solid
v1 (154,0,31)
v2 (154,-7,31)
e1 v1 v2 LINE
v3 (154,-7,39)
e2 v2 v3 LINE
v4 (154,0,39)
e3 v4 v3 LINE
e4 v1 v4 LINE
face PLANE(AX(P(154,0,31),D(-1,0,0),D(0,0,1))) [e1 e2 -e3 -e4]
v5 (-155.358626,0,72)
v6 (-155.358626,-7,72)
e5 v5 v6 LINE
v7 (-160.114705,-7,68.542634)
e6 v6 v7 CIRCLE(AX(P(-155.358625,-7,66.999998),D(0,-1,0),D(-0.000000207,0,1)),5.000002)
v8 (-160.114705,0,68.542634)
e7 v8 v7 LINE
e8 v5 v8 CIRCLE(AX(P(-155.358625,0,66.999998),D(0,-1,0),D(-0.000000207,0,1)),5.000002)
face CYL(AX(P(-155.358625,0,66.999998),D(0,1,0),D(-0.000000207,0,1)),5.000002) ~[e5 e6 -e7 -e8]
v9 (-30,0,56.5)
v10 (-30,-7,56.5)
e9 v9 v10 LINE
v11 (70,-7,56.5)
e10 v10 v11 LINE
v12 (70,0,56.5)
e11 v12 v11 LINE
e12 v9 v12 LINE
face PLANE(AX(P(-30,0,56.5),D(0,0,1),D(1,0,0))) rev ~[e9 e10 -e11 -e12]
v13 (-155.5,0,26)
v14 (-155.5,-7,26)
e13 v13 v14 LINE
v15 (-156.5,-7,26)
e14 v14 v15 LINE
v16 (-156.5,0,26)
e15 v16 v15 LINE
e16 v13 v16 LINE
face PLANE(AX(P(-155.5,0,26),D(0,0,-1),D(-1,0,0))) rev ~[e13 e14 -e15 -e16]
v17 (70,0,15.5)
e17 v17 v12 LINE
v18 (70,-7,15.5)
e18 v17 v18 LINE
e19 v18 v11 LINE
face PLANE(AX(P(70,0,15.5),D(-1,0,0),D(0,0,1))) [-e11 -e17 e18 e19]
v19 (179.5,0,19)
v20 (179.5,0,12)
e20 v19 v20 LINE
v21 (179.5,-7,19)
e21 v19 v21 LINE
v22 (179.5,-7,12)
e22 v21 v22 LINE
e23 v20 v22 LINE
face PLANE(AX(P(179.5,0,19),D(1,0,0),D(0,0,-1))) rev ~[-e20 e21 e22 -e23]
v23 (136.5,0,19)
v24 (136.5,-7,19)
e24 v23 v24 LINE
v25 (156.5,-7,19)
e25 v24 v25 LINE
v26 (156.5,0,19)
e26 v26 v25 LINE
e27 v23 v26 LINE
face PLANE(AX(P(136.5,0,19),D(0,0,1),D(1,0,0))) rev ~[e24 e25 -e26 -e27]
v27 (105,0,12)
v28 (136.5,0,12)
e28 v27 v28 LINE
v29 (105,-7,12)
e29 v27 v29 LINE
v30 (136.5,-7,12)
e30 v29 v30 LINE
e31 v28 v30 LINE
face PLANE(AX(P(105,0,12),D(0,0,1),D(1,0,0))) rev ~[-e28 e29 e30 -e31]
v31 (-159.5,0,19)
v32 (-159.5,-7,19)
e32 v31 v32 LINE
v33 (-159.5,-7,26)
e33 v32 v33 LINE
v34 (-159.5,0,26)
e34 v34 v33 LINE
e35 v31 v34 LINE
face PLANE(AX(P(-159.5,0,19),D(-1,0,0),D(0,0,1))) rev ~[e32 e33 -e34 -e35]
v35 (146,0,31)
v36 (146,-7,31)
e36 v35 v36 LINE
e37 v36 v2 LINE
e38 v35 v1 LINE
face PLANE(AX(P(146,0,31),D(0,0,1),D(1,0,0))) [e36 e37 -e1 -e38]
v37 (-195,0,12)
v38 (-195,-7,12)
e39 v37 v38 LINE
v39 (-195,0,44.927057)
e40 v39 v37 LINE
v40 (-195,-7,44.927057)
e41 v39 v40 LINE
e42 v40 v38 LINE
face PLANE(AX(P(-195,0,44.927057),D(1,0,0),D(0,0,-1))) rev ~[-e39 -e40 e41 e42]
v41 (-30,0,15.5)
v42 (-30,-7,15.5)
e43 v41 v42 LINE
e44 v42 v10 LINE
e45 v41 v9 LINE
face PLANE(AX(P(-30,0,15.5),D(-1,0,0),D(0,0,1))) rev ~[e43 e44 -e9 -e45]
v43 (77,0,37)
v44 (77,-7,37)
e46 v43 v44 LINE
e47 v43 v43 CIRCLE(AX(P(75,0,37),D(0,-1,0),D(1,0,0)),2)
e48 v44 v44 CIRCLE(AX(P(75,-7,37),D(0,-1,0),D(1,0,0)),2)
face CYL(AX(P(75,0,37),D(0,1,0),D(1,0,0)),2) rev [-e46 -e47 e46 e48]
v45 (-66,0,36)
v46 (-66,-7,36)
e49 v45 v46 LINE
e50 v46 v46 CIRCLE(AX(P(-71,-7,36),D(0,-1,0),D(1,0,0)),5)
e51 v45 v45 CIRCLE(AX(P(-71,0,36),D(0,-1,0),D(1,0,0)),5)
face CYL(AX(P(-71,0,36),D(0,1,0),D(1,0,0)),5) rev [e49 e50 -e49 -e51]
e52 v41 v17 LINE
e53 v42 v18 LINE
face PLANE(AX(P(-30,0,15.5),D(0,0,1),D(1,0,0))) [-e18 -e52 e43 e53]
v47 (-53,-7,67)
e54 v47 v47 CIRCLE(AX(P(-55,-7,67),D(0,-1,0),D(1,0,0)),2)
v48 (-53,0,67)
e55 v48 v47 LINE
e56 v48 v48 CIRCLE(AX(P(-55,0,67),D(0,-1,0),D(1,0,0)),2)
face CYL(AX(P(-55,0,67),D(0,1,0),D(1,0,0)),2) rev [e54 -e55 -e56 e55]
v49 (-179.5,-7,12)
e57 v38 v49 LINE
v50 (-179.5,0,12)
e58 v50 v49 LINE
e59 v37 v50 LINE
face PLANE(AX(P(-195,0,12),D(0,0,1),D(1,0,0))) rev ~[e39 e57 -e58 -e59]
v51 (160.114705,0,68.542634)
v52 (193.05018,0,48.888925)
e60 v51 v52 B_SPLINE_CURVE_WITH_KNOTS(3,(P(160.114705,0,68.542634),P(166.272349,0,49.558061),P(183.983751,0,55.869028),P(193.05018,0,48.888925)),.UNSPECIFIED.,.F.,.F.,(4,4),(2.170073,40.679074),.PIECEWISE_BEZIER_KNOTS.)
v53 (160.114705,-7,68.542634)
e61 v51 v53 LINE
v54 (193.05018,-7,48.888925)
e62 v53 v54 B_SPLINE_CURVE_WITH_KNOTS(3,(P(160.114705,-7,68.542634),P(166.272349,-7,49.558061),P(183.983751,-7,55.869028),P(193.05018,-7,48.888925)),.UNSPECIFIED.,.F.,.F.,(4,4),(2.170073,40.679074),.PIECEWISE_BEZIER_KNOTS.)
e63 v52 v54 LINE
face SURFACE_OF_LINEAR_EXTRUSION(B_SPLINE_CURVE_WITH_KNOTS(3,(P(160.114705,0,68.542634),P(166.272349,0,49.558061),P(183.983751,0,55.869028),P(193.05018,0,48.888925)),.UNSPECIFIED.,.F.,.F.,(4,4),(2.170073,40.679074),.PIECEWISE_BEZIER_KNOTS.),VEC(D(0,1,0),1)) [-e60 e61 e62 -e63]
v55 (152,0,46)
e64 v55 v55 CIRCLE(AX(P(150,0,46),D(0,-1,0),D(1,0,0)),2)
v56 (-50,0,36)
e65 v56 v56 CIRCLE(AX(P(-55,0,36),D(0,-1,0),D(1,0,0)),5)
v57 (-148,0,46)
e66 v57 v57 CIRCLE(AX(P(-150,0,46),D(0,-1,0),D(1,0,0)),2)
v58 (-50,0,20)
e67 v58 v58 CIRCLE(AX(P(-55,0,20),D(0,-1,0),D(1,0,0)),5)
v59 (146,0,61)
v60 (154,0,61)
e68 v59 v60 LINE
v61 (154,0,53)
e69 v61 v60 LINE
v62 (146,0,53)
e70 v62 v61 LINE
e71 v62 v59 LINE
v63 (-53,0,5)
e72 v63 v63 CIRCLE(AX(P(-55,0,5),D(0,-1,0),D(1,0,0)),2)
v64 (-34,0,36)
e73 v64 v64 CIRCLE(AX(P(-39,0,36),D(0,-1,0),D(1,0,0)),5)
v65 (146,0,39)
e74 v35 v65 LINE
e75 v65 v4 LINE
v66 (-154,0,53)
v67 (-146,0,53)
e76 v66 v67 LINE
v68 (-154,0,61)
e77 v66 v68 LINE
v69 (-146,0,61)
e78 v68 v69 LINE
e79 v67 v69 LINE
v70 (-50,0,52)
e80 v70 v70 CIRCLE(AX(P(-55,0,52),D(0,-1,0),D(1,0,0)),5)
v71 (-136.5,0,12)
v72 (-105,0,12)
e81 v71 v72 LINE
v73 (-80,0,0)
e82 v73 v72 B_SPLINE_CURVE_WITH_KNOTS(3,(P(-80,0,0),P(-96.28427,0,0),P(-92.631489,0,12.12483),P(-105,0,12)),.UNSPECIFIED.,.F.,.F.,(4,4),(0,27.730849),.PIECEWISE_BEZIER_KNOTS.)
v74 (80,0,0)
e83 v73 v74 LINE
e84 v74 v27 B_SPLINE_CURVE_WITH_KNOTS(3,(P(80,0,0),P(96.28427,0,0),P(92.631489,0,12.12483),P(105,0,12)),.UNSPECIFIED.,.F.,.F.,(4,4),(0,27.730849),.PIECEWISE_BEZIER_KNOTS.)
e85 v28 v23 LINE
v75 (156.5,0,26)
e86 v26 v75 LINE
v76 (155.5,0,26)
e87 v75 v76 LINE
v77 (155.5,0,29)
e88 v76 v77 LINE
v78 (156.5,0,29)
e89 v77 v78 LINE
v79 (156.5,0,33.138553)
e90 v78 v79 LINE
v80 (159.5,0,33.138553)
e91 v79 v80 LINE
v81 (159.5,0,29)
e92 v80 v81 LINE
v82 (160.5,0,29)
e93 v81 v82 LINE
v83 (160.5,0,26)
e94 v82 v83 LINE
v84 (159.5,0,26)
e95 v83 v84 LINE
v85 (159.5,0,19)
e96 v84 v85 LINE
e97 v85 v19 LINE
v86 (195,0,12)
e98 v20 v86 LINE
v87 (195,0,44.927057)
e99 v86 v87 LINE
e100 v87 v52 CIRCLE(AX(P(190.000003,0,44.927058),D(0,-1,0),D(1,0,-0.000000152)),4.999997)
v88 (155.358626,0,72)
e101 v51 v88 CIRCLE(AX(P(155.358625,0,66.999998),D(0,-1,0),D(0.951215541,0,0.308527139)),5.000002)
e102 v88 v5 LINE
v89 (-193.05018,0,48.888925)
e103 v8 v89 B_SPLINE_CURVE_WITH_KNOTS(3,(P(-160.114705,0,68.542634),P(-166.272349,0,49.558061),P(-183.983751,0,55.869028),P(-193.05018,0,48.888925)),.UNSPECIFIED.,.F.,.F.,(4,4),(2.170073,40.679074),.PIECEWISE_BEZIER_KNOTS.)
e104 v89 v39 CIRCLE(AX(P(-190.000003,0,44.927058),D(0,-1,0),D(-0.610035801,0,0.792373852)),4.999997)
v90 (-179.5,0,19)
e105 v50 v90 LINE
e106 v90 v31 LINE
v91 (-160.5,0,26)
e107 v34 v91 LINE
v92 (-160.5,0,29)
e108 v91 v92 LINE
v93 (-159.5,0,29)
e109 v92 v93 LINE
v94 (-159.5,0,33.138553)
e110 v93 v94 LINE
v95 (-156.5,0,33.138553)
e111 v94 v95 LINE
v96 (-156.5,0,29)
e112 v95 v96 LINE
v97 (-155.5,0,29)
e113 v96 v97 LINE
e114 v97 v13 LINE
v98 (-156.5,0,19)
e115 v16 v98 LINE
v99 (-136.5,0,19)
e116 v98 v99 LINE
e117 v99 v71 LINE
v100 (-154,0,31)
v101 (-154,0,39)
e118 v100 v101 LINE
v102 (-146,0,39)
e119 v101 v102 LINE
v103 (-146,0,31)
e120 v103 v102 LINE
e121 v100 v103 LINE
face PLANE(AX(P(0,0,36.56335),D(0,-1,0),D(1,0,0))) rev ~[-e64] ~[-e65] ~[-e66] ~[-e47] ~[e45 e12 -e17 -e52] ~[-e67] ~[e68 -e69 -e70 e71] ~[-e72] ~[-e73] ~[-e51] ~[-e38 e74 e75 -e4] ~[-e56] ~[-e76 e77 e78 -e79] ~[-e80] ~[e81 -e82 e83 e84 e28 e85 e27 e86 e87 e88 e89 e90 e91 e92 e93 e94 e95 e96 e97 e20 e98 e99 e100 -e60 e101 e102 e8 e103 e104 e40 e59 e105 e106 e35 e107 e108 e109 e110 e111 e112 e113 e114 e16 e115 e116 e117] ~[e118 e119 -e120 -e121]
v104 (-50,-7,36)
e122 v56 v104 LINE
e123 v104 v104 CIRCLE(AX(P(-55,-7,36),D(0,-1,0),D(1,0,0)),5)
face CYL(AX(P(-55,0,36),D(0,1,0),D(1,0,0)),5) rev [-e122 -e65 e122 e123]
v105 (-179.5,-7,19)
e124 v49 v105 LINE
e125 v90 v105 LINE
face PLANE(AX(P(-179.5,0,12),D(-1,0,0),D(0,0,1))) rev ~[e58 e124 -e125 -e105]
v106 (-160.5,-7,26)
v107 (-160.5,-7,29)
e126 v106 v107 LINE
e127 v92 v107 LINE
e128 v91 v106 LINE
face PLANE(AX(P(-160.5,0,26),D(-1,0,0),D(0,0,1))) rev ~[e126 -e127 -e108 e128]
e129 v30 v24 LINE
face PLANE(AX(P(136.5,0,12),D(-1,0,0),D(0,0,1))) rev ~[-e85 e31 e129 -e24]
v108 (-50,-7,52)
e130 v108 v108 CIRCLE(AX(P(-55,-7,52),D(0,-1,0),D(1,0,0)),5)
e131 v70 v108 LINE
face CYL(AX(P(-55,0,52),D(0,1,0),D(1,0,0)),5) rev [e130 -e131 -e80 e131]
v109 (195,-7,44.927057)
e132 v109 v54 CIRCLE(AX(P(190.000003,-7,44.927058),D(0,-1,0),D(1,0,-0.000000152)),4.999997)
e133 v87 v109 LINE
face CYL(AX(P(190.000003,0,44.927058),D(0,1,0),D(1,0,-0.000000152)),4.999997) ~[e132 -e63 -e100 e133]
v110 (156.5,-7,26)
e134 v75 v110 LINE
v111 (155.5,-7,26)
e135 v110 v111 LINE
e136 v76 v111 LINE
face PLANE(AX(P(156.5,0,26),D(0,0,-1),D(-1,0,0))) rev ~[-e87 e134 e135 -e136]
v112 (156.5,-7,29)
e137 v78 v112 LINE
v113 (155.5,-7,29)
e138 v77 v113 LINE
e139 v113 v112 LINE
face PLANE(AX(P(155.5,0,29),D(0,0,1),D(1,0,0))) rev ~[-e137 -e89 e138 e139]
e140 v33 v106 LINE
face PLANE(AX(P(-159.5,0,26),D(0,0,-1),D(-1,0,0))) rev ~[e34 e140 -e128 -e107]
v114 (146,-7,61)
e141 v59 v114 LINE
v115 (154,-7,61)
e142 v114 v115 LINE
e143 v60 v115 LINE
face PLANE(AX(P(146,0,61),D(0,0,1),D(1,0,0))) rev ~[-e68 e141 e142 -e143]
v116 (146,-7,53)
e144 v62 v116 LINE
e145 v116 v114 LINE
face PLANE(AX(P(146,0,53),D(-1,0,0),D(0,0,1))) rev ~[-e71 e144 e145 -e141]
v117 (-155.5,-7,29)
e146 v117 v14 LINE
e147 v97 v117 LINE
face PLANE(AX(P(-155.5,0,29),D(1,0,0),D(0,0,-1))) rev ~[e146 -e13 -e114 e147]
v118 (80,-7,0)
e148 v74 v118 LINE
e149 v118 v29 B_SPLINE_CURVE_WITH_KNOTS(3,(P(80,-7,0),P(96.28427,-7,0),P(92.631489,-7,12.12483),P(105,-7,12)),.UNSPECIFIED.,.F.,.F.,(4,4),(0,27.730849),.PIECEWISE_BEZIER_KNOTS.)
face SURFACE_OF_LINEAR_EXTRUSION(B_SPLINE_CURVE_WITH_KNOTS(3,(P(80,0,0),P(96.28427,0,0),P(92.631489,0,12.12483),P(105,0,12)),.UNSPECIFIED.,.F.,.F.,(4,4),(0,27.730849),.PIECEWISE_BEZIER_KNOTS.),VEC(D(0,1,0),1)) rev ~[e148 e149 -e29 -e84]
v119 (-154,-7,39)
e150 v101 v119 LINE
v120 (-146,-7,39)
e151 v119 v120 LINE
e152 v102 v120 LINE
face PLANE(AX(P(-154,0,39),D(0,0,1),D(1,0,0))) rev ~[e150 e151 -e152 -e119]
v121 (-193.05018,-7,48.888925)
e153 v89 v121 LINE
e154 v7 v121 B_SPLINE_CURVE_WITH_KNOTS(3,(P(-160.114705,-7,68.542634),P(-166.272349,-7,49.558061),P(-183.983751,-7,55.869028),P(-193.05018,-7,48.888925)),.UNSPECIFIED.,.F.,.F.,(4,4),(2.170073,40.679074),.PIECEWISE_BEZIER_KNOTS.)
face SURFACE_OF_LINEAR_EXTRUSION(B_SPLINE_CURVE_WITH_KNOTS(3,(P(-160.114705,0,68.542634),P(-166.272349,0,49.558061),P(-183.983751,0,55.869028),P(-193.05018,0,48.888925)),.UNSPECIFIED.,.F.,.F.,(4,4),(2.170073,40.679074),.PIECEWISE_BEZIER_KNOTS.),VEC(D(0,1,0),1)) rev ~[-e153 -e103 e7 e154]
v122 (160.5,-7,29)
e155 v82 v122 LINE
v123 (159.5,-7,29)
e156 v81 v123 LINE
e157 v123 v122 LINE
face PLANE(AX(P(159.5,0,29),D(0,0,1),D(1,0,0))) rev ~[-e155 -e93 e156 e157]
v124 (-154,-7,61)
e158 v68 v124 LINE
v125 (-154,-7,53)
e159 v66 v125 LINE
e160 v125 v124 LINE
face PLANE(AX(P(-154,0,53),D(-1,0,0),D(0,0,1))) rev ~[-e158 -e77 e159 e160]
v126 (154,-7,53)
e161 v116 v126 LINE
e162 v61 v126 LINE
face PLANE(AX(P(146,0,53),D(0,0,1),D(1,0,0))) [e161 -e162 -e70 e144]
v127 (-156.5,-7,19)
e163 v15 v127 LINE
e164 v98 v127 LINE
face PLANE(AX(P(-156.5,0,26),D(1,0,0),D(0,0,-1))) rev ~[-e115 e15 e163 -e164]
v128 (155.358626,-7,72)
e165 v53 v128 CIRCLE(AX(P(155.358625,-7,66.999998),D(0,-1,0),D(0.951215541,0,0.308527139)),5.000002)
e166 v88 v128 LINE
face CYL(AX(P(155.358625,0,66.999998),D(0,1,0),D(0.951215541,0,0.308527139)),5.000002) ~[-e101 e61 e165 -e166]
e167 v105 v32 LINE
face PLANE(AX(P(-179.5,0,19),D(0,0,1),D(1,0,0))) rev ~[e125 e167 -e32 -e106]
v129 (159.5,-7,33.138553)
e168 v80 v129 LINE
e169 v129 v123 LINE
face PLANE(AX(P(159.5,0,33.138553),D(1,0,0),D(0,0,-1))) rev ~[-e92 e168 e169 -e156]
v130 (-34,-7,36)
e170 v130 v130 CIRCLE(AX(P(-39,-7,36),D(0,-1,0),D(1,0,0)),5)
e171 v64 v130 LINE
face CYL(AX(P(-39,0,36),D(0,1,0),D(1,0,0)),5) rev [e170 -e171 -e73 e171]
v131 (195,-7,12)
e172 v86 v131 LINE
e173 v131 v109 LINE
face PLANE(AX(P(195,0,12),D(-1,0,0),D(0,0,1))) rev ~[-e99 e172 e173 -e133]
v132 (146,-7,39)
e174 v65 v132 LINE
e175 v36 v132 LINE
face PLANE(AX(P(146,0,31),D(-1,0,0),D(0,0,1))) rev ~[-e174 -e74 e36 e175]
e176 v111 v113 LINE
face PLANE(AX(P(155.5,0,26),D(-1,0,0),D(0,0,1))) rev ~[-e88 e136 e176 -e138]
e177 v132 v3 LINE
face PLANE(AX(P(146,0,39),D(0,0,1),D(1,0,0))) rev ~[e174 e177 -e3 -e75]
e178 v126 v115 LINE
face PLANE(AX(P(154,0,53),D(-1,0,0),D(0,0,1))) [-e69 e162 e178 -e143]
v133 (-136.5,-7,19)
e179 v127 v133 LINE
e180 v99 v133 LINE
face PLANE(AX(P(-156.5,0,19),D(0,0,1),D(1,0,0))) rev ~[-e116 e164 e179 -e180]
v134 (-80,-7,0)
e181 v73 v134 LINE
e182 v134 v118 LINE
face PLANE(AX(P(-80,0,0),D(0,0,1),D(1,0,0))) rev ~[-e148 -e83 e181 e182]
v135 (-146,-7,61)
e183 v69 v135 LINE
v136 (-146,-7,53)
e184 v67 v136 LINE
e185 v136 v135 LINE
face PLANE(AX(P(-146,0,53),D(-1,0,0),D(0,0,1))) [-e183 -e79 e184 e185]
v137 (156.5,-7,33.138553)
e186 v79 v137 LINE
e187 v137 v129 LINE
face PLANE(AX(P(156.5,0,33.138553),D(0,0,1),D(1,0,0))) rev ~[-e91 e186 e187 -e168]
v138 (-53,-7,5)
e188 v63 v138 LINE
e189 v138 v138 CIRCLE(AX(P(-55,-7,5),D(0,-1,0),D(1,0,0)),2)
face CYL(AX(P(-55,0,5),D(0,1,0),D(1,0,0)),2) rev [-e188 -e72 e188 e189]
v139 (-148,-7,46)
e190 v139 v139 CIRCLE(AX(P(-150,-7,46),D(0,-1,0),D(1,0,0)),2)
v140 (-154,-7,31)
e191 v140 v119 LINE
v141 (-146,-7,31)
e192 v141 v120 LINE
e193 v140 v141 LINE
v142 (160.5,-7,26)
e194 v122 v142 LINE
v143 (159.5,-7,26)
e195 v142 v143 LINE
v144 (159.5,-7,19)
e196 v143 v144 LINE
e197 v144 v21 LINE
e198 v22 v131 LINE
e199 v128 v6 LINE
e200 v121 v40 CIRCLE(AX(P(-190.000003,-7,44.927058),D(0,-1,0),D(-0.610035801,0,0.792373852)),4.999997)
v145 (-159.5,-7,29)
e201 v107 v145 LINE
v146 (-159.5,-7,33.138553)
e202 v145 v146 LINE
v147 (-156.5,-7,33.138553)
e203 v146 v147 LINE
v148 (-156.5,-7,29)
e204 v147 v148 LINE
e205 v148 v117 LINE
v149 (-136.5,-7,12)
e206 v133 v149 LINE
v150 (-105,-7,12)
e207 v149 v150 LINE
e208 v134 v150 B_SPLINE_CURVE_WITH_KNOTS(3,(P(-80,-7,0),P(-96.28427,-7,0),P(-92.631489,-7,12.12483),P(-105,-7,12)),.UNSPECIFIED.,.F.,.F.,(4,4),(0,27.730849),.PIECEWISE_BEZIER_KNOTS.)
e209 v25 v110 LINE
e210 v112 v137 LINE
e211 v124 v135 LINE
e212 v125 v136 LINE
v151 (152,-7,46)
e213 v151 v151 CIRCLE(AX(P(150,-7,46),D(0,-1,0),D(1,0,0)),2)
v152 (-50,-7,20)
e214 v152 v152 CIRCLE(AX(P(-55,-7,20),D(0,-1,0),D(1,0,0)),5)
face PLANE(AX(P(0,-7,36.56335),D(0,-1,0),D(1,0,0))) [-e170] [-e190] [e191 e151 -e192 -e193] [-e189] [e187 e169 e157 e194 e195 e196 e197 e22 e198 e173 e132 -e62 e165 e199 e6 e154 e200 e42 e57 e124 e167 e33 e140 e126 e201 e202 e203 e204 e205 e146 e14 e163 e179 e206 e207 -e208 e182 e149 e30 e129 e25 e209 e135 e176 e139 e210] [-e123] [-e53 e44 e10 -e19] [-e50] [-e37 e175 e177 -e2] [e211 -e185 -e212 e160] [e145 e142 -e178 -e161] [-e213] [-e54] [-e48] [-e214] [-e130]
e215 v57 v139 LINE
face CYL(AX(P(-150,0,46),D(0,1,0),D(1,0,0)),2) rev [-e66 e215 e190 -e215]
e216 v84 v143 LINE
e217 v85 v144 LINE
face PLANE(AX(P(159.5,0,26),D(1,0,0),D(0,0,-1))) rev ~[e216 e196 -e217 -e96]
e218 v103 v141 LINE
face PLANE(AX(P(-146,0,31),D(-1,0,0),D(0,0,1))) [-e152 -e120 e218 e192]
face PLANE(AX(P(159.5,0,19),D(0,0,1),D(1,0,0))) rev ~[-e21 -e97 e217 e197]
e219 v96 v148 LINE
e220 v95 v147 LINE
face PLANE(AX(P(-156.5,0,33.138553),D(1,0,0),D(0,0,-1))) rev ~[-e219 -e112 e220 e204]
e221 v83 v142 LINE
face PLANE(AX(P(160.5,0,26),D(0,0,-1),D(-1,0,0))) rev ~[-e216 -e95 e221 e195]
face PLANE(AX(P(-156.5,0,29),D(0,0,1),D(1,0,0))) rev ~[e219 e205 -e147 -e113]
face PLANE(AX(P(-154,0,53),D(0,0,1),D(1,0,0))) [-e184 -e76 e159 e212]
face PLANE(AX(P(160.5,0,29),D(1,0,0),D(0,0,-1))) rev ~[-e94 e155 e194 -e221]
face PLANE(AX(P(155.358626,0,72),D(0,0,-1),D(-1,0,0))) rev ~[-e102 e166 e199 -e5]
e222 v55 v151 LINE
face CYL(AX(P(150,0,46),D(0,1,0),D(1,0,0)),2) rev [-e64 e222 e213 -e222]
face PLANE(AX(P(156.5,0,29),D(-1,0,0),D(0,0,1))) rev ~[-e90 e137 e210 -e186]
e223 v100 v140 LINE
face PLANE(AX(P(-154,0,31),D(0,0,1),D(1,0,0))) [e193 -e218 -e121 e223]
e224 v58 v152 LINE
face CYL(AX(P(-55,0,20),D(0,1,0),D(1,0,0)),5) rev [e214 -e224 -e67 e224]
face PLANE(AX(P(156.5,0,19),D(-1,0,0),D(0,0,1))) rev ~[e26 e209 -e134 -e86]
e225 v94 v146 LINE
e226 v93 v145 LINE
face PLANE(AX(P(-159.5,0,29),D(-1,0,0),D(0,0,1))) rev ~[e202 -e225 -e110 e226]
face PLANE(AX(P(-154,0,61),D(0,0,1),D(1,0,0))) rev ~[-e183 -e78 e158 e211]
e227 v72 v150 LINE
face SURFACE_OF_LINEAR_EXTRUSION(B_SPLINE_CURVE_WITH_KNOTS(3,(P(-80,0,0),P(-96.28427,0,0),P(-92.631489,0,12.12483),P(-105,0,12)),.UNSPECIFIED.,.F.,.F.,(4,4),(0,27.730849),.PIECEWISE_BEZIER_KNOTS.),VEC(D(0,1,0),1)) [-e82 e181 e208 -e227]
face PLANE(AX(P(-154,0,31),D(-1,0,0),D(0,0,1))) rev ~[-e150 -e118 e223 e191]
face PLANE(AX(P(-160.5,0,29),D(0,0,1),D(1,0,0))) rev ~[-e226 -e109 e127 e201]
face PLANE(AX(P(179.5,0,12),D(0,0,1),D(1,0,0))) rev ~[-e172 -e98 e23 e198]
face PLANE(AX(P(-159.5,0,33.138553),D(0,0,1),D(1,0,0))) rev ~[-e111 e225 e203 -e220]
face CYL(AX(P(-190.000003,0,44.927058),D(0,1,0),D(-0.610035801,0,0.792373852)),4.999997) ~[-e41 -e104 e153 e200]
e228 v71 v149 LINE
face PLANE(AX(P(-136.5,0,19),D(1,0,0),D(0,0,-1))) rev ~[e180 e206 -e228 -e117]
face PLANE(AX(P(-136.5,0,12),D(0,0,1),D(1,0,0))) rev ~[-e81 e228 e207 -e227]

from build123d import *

# Parameters (mm, degrees)
F0_R     = 2
F0_W     = 8
F0_H     = 8
F0_R_2   = 5
F0_W_2   = 100
F0_H_2   = 41
F1_DEPTH = 7


with BuildPart() as f1:
    # F0 (on Front) → F1 (new body)
    with BuildSketch(Plane.XZ):
        with BuildLine():
            Line((-80, 0), (0, 0))
            Line((0, 0), (80, 0))
            add(Edge.make_bspline(
                [(80, 0), (96.28427, 0), (92.631489, 12.12483), (105, 12)],
                knots=[0, 0, 0, 0, 27.730849, 27.730849, 27.730849, 27.730849], degree=3))
            Line((105, 12), (136.5, 12))
            Line((136.5, 12), (136.5, 19))
            Line((136.5, 19), (156.5, 19))
            Line((156.5, 19), (156.5, 26))
            Line((156.5, 26), (155.5, 26))
            Line((155.5, 26), (155.5, 29))
            Line((155.5, 29), (156.5, 29))
            Line((156.5, 29), (156.5, 33.138553))
            Line((156.5, 33.138553), (158, 33.138553))
            Line((158, 33.138553), (159.5, 33.138553))
            Line((159.5, 33.138553), (159.5, 29))
            Line((159.5, 29), (160.5, 29))
            Line((160.5, 29), (160.5, 26))
            Line((160.5, 26), (159.5, 26))
            Line((159.5, 26), (159.5, 19))
            Line((159.5, 19), (179.5, 19))
            Line((179.5, 19), (179.5, 12))
            Line((179.5, 12), (195, 12))
            Line((195, 12), (195, 44.927057))
            ThreePointArc((195, 44.927057), (194.48614, 47.134895), (193.05018, 48.888925))
            add(Edge.make_bspline(
                [(160.114705, 68.542634), (166.272349, 49.558061), (183.983751, 55.869028), (193.05018, 48.888925)],
                knots=[2.170073, 2.170073, 2.170073, 2.170073, 40.679074, 40.679074, 40.679074, 40.679074], degree=3))
            ThreePointArc((160.114705, 68.542634), (158.298595, 71.044327), (155.358626, 72))
            Line((155.358626, 72), (0, 72))
            Line((0, 72), (-155.358626, 72))
            ThreePointArc((-155.358626, 72), (-158.298595, 71.044327), (-160.114705, 68.542634))
            add(Edge.make_bspline(
                [(-160.114705, 68.542634), (-166.272349, 49.558061), (-183.983751, 55.869028), (-193.05018, 48.888925)],
                knots=[2.170073, 2.170073, 2.170073, 2.170073, 40.679074, 40.679074, 40.679074, 40.679074], degree=3))
            ThreePointArc((-193.05018, 48.888925), (-194.48614, 47.134895), (-195, 44.927057))
            Line((-195, 44.927057), (-195, 12))
            Line((-195, 12), (-179.5, 12))
            Line((-179.5, 12), (-179.5, 19))
            Line((-179.5, 19), (-159.5, 19))
            Line((-159.5, 19), (-159.5, 26))
            Line((-159.5, 26), (-160.5, 26))
            Line((-160.5, 26), (-160.5, 29))
            Line((-160.5, 29), (-159.5, 29))
            Line((-159.5, 29), (-159.5, 33.138553))
            Line((-159.5, 33.138553), (-158, 33.138553))
            Line((-158, 33.138553), (-156.5, 33.138553))
            Line((-156.5, 33.138553), (-156.5, 29))
            Line((-156.5, 29), (-155.5, 29))
            Line((-155.5, 29), (-155.5, 26))
            Line((-155.5, 26), (-156.5, 26))
            Line((-156.5, 26), (-156.5, 19))
            Line((-156.5, 19), (-136.5, 19))
            Line((-136.5, 19), (-136.5, 12))
            Line((-136.5, 12), (-105, 12))
            add(Edge.make_bspline(
                [(-80, 0), (-96.28427, 0), (-92.631489, 12.12483), (-105, 12)],
                knots=[0, 0, 0, 0, 27.730849, 27.730849, 27.730849, 27.730849], degree=3))
        make_face()
        with Locations((-55, 5)):
            Circle(F0_R, mode=Mode.SUBTRACT)
        with Locations((-150, 35)):
            Rectangle(F0_W, F0_H, mode=Mode.SUBTRACT)
        with Locations((-55, 20)):
            Circle(F0_R_2, mode=Mode.SUBTRACT)
        with Locations((150, 35)):
            Rectangle(F0_W, F0_H, mode=Mode.SUBTRACT)
        with Locations((-150, 46)):
            Circle(F0_R, mode=Mode.SUBTRACT)
        with Locations((-71, 36)):
            Circle(F0_R_2, mode=Mode.SUBTRACT)
        with Locations((-55, 36)):
            Circle(F0_R_2, mode=Mode.SUBTRACT)
        with Locations((-39, 36)):
            Circle(F0_R_2, mode=Mode.SUBTRACT)
        with Locations((-55, 52)):
            Circle(F0_R_2, mode=Mode.SUBTRACT)
        with Locations((-150, 57)):
            Rectangle(F0_W, F0_H, mode=Mode.SUBTRACT)
        with Locations((-55, 67)):
            Circle(F0_R, mode=Mode.SUBTRACT)
        with Locations((20, 36)):
            Rectangle(F0_W_2, F0_H_2, mode=Mode.SUBTRACT)
        with Locations((75, 37)):
            Circle(F0_R, mode=Mode.SUBTRACT)
        with Locations((150, 46)):
            Circle(F0_R, mode=Mode.SUBTRACT)
        with Locations((150, 57)):
            Rectangle(F0_W, F0_H, mode=Mode.SUBTRACT)
    extrude(amount=F1_DEPTH)


solid = f1.part
